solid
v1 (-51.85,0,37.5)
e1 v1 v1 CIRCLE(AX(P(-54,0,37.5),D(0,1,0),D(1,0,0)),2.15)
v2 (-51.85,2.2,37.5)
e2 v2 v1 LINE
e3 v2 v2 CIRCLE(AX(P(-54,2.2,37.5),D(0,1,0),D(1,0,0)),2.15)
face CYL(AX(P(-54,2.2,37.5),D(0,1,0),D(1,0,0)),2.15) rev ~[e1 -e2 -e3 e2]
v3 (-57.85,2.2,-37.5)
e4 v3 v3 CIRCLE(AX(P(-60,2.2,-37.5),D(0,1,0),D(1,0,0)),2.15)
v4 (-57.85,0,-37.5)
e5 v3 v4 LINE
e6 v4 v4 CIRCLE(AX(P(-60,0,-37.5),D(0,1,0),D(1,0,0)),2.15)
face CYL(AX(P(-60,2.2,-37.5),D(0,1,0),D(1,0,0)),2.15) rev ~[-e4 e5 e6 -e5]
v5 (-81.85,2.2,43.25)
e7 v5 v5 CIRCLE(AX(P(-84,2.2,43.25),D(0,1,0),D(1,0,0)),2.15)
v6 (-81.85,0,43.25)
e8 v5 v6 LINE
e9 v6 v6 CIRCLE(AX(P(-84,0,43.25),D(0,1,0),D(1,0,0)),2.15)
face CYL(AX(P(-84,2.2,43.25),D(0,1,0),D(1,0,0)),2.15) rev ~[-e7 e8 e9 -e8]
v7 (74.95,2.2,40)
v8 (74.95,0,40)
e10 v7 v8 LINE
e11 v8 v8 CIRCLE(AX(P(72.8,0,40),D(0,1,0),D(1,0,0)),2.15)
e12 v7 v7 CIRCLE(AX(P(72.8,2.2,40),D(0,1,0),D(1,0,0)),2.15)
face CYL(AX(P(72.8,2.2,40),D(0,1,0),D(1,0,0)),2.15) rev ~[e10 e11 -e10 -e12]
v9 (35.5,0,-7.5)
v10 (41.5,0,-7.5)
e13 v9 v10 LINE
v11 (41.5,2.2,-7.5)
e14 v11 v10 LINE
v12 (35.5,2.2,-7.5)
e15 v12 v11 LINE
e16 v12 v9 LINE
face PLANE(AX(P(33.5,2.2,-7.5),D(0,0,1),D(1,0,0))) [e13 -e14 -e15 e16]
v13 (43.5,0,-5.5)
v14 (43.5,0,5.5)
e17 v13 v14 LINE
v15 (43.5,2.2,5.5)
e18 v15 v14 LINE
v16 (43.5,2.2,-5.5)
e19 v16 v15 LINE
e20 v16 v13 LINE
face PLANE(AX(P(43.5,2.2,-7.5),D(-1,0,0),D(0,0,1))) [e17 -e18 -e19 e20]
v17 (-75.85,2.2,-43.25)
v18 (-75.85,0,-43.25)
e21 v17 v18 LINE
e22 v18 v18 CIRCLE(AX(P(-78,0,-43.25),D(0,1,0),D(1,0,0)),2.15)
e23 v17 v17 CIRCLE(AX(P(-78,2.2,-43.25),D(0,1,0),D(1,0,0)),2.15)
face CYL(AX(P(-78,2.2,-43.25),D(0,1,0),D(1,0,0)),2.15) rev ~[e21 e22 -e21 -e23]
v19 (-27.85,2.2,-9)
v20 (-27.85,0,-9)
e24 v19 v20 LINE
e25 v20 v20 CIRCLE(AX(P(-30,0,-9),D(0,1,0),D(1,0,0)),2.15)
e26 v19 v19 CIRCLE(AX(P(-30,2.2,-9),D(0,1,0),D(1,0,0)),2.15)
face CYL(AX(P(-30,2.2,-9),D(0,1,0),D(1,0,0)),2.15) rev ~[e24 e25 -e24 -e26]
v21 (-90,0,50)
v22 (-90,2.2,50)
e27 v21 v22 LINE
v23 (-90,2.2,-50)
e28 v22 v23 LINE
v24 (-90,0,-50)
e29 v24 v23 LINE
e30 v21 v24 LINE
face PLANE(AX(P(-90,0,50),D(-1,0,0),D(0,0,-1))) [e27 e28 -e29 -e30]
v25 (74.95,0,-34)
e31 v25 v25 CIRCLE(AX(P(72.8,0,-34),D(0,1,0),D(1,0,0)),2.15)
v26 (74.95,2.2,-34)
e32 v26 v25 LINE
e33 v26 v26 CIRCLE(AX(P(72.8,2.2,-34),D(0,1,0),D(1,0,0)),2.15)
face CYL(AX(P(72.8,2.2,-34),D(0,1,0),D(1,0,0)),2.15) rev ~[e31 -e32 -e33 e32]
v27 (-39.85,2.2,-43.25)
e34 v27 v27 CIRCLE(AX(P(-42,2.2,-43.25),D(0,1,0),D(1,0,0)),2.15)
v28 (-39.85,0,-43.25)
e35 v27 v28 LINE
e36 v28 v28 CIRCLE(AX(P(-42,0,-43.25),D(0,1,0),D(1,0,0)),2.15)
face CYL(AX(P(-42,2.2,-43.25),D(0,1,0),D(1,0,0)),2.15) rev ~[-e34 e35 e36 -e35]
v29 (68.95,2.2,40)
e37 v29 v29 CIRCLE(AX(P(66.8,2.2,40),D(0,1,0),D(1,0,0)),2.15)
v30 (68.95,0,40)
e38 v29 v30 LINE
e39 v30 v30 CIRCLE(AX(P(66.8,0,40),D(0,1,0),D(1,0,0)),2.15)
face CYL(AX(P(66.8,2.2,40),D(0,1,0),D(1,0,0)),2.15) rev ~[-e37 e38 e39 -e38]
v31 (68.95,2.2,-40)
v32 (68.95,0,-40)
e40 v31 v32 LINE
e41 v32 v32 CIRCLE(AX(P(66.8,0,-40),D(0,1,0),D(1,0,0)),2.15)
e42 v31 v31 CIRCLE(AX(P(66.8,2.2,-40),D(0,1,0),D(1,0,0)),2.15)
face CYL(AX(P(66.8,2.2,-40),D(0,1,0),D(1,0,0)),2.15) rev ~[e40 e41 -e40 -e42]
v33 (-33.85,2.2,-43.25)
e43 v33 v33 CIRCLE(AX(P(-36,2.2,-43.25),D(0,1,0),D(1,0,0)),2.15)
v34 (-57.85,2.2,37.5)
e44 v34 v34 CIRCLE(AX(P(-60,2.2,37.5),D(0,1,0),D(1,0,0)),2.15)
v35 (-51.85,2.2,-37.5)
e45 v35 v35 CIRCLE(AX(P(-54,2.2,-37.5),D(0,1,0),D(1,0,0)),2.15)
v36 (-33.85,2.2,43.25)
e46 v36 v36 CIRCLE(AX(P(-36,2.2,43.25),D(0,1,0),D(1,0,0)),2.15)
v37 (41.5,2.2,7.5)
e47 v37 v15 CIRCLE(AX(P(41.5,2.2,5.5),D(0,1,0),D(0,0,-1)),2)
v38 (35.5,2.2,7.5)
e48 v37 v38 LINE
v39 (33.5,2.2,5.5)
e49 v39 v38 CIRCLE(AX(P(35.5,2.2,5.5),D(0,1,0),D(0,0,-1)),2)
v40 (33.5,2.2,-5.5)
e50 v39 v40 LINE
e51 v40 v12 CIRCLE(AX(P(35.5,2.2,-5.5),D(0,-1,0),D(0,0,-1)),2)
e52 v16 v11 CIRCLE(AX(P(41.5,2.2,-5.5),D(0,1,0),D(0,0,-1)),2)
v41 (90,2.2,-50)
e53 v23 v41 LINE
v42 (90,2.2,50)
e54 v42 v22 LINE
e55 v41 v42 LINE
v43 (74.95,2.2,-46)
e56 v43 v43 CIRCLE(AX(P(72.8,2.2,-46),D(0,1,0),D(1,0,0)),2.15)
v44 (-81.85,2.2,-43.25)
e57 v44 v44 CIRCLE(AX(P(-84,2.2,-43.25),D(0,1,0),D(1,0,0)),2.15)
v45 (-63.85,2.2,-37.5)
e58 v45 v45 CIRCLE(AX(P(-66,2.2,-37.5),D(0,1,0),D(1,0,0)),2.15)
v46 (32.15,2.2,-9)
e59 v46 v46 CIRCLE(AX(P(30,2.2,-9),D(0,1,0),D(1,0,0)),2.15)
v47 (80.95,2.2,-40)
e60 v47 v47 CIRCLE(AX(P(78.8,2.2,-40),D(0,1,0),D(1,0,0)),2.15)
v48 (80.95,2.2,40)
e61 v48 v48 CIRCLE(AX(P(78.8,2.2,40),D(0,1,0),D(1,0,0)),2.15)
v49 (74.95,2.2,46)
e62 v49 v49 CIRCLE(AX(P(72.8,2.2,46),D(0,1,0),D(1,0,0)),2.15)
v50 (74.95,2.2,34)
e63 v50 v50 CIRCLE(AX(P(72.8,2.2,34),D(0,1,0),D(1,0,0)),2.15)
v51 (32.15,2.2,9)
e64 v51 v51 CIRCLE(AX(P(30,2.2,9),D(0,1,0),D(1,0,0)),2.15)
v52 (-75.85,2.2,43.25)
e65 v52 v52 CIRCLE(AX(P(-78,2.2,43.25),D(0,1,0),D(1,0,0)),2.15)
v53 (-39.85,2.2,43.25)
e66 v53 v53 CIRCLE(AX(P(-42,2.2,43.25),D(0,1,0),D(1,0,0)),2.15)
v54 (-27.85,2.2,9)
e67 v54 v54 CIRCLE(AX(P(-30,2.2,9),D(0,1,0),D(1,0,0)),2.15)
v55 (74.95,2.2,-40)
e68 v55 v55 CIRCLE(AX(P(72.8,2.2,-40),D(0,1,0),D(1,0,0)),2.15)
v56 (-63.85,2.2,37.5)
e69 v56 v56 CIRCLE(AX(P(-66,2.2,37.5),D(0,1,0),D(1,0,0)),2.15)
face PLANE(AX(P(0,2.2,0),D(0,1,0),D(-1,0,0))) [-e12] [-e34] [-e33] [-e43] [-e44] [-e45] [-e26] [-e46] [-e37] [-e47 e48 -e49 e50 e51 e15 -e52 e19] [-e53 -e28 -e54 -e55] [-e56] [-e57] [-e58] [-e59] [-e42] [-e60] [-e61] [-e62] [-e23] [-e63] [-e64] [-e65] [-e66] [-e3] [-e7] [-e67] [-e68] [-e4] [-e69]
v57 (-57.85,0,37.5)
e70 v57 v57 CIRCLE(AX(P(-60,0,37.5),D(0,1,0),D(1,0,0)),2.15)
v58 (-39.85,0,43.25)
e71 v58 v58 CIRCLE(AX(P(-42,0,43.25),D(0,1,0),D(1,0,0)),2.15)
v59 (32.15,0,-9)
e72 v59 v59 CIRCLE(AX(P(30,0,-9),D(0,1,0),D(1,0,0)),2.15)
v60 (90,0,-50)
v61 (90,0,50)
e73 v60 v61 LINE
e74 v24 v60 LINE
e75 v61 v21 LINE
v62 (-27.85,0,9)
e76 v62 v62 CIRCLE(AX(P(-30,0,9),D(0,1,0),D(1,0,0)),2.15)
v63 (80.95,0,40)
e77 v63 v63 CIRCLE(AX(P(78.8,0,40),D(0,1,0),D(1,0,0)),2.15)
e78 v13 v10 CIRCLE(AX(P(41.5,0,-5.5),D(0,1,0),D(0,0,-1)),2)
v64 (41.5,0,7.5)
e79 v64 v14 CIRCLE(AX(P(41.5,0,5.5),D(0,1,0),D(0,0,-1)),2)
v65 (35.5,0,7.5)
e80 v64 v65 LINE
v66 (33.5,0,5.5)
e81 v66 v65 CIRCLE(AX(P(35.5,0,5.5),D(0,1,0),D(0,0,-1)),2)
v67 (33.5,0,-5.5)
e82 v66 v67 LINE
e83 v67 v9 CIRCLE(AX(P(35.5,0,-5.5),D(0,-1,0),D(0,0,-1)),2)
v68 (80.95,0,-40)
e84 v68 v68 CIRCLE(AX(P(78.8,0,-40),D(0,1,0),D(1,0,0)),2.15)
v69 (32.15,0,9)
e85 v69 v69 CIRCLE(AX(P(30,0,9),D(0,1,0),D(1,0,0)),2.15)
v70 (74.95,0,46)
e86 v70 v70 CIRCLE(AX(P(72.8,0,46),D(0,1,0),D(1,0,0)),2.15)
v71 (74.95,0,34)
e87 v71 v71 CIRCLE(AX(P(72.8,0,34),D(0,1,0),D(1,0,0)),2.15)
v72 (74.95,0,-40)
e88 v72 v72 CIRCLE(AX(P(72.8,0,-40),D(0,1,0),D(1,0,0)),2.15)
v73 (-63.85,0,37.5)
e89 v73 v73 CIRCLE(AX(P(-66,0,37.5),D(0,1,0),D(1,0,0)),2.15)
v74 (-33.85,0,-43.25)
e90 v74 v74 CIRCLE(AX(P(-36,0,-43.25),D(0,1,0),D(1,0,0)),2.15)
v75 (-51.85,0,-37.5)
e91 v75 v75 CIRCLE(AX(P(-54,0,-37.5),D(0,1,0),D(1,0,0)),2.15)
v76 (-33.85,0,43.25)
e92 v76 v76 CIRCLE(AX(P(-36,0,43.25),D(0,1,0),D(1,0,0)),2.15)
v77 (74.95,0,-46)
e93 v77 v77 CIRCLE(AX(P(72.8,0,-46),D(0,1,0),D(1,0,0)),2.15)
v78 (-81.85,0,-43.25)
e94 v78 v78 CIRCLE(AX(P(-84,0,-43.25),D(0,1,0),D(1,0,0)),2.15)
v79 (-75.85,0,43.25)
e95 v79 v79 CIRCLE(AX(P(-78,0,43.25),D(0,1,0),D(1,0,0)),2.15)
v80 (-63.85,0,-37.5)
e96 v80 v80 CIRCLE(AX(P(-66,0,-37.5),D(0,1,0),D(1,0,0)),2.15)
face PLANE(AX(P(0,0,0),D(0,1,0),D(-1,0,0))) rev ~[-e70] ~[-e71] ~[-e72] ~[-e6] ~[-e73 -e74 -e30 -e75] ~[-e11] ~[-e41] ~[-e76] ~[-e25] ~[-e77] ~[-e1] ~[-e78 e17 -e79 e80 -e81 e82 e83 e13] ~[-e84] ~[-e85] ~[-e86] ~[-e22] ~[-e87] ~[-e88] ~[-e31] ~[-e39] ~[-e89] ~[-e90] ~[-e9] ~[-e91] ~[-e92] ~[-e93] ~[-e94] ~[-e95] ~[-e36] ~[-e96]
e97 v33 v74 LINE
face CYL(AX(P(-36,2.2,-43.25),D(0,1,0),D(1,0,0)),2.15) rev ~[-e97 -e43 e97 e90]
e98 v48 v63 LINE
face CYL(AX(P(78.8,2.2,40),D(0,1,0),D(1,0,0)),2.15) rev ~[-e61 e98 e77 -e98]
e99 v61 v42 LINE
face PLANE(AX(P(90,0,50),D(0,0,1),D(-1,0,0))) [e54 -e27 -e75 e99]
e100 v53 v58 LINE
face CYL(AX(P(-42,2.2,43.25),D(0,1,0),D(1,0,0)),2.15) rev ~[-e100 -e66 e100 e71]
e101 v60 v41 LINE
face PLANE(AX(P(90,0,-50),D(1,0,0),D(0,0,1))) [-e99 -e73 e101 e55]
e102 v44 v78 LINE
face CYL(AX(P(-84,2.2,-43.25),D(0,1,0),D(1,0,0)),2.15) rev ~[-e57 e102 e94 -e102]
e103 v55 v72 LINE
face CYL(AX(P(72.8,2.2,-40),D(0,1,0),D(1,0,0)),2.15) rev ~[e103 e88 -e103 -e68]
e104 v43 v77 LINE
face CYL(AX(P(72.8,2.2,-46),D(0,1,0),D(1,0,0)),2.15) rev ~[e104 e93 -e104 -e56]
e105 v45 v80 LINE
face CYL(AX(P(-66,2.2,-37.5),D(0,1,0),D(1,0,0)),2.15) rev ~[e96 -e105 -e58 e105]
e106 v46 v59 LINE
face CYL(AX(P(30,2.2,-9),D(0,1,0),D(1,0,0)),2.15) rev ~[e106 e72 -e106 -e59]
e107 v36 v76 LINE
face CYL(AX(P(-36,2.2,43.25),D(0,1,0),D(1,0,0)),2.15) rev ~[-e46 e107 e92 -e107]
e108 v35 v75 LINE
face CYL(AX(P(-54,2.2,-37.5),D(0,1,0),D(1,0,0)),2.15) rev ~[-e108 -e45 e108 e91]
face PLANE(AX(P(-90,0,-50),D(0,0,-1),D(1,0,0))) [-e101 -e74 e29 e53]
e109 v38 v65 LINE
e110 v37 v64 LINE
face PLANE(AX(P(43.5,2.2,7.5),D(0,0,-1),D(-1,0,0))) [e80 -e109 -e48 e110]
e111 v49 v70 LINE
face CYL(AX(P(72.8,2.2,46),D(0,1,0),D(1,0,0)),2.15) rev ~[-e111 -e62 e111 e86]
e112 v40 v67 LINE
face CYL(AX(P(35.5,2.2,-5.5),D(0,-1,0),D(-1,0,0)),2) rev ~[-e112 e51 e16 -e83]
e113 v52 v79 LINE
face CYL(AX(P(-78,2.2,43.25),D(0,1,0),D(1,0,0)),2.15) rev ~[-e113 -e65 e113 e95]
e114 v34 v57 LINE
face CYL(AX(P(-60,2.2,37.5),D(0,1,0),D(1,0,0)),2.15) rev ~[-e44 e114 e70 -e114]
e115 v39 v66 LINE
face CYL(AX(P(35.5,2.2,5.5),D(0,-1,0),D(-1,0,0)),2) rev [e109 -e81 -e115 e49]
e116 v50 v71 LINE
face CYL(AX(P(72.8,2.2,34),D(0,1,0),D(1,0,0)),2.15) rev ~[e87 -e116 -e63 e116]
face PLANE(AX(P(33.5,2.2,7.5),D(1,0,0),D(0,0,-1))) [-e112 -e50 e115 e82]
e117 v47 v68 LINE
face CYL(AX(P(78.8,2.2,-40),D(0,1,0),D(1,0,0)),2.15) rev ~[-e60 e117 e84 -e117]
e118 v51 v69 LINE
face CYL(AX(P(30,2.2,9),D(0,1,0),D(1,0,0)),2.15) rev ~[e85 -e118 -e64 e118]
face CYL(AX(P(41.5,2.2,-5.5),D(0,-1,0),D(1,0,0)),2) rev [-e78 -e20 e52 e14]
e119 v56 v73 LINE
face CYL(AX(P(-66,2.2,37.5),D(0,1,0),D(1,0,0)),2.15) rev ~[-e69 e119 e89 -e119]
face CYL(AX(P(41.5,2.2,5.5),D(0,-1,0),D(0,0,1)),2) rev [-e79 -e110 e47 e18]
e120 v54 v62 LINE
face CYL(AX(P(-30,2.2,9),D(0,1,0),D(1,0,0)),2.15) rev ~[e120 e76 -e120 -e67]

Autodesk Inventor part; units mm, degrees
ref_plane "YZ Plane" through (0, 0, 0) normal (1, 0, 0) x (0, 1, 0)
ref_plane "XZ Plane" through (0, 0, 0) normal (0, 1, 0) x (-1, 0, 0)
ref_plane "XY Plane" through (0, 0, 0) normal (0, 0, 1) x (1, 0, 0)
sketch "Sketch1" plane through (0, 0, 0) normal (0, 1, 0) x (-1, 0, 0)
  line L0 (90, -50) -> (-90, -50)
  line L1 (-90, -50) -> (-90, 50)
  line L2 (-90, 50) -> (90, 50)
  line L3 (90, 50) -> (90, -50)
  line L4 (0, 0) -> (0, -16.1308) construction
  line L5 (0, 0) -> (18.4922, 0) construction
  dimension "d1" = 100
  dimension "d2" = 180
extrude "Extrusion1" add sketch "Sketch1" along normal blind 2.2
sketch "Sketch2" plane through (0, 2.2, 0) normal (0, 1, 0) x (1, 0, 0)
  line L0 (-90, -50) -> (90, -50) projected
  line L1 (90, -50) -> (90, 50) projected
  line L2 (90, -50) -> (90, -30)
  line L3 (90, -30) -> (55.6, -30)
  line L4 (55.6, -30) -> (55.6, -50)
  line L5 (55.6, -50) -> (90, -50)
  line L6 (90, -40) -> (55.6, -40) construction
  circle A0 centre (78.8, -40) radius 2.15
  circle A1 centre (72.8, -40) radius 2.15
  circle A2 centre (66.8, -40) radius 2.15
  line L7 (72.8, -40) -> (72.8, -30) construction
  circle A3 centre (72.8, -34) radius 2.15
  circle A4 centre (72.8, -46) radius 2.15
  circle A5 centre (72.8, -40) radius 2.15
  line L8 (0, 0) -> (96.2626, 0) construction
  line L9 (90, 50) -> (90, 30)
  line L10 (90, 30) -> (55.6, 30)
  line L11 (55.6, 30) -> (55.6, 50)
  line L12 (55.6, 50) -> (90, 50)
  line L13 (90, 40) -> (55.6, 40) construction
  circle A6 centre (78.8, 40) radius 2.15
  circle A7 centre (72.8, 40) radius 2.15
  circle A8 centre (66.8, 40) radius 2.15
  line L14 (72.8, 40) -> (72.8, 30) construction
  circle A9 centre (72.8, 34) radius 2.15
  circle A10 centre (72.8, 46) radius 2.15
  circle A11 centre (72.8, 40) radius 2.15
  line L15 (90, 50) -> (-90, 50) projected
  line L16 (-90, 50) -> (-90, -50) projected
  line L17 (-48, 40) -> (-72, 40)
  line L18 (-72, 40) -> (-72, 50)
  line L19 (-72, 50) -> (-48, 50)
  line L20 (-48, 50) -> (-48, 40)
  line L21 (-74.3246, 46.5) -> (-4.1674, 46.5) construction
  line L22 (-60, 53.3324) -> (-60, 32.9187) construction
  circle A12 centre (-60, 37.5) radius 2.15
  line L23 (-68.3246, 46.5) -> (1.8326, 46.5) construction
  circle A13 centre (-54, 37.5) radius 2.15
  circle A14 centre (-66, 37.5) radius 2.15
  line L24 (-8.0003, 43.25) -> (-83.9137, 43.25) construction
  circle A15 centre (-78, 43.25) radius 2.15
  circle A16 centre (-84, 43.25) radius 2.15
  circle A17 centre (-42, 43.25) radius 2.15
  circle A18 centre (-36, 43.25) radius 2.15
  line L25 (-48, -40) -> (-72, -40)
  line L26 (-72, -40) -> (-72, -50)
  line L27 (-72, -50) -> (-48, -50)
  line L28 (-48, -50) -> (-48, -40)
  line L29 (-74.3246, -46.5) -> (-4.1674, -46.5) construction
  line L30 (-60, -53.3324) -> (-60, -32.9187) construction
  circle A19 centre (-60, -37.5) radius 2.15
  circle A20 centre (-54, -37.5) radius 2.15
  circle A21 centre (-66, -37.5) radius 2.15
  line L31 (-8.0003, -43.25) -> (-83.9137, -43.25) construction
  circle A22 centre (-78, -43.25) radius 2.15
  circle A23 centre (-84, -43.25) radius 2.15
  circle A24 centre (-36, -43.25) radius 2.15
  circle A25 centre (-42, -43.25) radius 2.15
  circle A26 centre (-60, 37.5) radius 2.5 construction
  dimension "d13" = 20
  dimension "d14" = 34.4
  dimension "d15" = 4.3
  dimension "d16" = 6
  dimension "d17" = 6
  dimension "d18" = 6
  dimension "d27" = 24
  dimension "d28" = 10
  dimension "d29" = 18
  dimension "d31" = 4.3
  dimension "d34" = 6
  dimension "d41" = 6
  dimension "d46" = 6.5
  dimension "d48" = 4.3
  dimension "d49" = 6
  dimension "d52" = 6
  dimension "d60" = 5
extrude "Holes" cut sketch "Sketch2" against normal through all contours A0 | A1 | A2 | A3 | A4 | A6 | A7 | A8 | A9 | A10 | A12 | A13 | A14 | A15 | A16 | A17 | A18 | A19 | A20 | A21 | A22 | A23 | A24 | A25
sketch "Sketch3" plane through (0, 2.2, 0) normal (0, 1, 0) x (1, 0, 0)
  line L0 (33.5, 13.5) -> (-33.5, 13.5) construction
  line L1 (-33.5, 13.5) -> (-33.5, -13.5) construction
  line L2 (-33.5, -13.5) -> (33.5, -13.5) construction
  line L3 (33.5, -13.5) -> (33.5, 13.5) construction
  line L4 (0, 0) -> (39.98, 0) construction
  line L5 (0, 0) -> (0, 21.0122) construction
  circle A0 centre (30, 9) radius 2.15
  circle A1 centre (30, -9) radius 2.15
  circle A2 centre (-30, 9) radius 2.15
  circle A3 centre (-30, -9) radius 2.15
  line L6 (33.5, 7.5) -> (43.5, 7.5)
  line L7 (43.5, 7.5) -> (43.5, -7.5)
  line L8 (43.5, -7.5) -> (33.5, -7.5)
  line L9 (33.5, -7.5) -> (33.5, 7.5)
  dimension "d61" = 67
  dimension "d62" = 27
  dimension "d63" = 4.3
  dimension "d64" = 3.5
  dimension "d65" = 4.5
  dimension "d68" = 10
  dimension "d69" = 15
extrude "Extrusion4" cut sketch "Sketch3" against normal through all
fillet "Fillet1" radius 2 4 edges at (33.5, 1.1, -7.5) (43.5, 1.1, -7.5) (43.5, 1.1, 7.5) (33.5, 1.1, 7.5)
equation "\"d1\" = BodyWidth"
equation "\"d2\" = BodyLength"
equation "\"d3\" = Depth"
equation "\"d15\" = Holes"
equation "\"d27\" = MotorWidth"
equation "\"d31\" = Holes"
equation "\"d57\" = Depth"
equation "\"BodyWidth\" = 100"
equation "\"BodyLength\" = 180"
equation "\"Holes\" = 4.3"
equation "\"Depth\" = 2.2"
equation "\"d20\" = 4.3"
equation "\"MotorWidth\" = 24"
